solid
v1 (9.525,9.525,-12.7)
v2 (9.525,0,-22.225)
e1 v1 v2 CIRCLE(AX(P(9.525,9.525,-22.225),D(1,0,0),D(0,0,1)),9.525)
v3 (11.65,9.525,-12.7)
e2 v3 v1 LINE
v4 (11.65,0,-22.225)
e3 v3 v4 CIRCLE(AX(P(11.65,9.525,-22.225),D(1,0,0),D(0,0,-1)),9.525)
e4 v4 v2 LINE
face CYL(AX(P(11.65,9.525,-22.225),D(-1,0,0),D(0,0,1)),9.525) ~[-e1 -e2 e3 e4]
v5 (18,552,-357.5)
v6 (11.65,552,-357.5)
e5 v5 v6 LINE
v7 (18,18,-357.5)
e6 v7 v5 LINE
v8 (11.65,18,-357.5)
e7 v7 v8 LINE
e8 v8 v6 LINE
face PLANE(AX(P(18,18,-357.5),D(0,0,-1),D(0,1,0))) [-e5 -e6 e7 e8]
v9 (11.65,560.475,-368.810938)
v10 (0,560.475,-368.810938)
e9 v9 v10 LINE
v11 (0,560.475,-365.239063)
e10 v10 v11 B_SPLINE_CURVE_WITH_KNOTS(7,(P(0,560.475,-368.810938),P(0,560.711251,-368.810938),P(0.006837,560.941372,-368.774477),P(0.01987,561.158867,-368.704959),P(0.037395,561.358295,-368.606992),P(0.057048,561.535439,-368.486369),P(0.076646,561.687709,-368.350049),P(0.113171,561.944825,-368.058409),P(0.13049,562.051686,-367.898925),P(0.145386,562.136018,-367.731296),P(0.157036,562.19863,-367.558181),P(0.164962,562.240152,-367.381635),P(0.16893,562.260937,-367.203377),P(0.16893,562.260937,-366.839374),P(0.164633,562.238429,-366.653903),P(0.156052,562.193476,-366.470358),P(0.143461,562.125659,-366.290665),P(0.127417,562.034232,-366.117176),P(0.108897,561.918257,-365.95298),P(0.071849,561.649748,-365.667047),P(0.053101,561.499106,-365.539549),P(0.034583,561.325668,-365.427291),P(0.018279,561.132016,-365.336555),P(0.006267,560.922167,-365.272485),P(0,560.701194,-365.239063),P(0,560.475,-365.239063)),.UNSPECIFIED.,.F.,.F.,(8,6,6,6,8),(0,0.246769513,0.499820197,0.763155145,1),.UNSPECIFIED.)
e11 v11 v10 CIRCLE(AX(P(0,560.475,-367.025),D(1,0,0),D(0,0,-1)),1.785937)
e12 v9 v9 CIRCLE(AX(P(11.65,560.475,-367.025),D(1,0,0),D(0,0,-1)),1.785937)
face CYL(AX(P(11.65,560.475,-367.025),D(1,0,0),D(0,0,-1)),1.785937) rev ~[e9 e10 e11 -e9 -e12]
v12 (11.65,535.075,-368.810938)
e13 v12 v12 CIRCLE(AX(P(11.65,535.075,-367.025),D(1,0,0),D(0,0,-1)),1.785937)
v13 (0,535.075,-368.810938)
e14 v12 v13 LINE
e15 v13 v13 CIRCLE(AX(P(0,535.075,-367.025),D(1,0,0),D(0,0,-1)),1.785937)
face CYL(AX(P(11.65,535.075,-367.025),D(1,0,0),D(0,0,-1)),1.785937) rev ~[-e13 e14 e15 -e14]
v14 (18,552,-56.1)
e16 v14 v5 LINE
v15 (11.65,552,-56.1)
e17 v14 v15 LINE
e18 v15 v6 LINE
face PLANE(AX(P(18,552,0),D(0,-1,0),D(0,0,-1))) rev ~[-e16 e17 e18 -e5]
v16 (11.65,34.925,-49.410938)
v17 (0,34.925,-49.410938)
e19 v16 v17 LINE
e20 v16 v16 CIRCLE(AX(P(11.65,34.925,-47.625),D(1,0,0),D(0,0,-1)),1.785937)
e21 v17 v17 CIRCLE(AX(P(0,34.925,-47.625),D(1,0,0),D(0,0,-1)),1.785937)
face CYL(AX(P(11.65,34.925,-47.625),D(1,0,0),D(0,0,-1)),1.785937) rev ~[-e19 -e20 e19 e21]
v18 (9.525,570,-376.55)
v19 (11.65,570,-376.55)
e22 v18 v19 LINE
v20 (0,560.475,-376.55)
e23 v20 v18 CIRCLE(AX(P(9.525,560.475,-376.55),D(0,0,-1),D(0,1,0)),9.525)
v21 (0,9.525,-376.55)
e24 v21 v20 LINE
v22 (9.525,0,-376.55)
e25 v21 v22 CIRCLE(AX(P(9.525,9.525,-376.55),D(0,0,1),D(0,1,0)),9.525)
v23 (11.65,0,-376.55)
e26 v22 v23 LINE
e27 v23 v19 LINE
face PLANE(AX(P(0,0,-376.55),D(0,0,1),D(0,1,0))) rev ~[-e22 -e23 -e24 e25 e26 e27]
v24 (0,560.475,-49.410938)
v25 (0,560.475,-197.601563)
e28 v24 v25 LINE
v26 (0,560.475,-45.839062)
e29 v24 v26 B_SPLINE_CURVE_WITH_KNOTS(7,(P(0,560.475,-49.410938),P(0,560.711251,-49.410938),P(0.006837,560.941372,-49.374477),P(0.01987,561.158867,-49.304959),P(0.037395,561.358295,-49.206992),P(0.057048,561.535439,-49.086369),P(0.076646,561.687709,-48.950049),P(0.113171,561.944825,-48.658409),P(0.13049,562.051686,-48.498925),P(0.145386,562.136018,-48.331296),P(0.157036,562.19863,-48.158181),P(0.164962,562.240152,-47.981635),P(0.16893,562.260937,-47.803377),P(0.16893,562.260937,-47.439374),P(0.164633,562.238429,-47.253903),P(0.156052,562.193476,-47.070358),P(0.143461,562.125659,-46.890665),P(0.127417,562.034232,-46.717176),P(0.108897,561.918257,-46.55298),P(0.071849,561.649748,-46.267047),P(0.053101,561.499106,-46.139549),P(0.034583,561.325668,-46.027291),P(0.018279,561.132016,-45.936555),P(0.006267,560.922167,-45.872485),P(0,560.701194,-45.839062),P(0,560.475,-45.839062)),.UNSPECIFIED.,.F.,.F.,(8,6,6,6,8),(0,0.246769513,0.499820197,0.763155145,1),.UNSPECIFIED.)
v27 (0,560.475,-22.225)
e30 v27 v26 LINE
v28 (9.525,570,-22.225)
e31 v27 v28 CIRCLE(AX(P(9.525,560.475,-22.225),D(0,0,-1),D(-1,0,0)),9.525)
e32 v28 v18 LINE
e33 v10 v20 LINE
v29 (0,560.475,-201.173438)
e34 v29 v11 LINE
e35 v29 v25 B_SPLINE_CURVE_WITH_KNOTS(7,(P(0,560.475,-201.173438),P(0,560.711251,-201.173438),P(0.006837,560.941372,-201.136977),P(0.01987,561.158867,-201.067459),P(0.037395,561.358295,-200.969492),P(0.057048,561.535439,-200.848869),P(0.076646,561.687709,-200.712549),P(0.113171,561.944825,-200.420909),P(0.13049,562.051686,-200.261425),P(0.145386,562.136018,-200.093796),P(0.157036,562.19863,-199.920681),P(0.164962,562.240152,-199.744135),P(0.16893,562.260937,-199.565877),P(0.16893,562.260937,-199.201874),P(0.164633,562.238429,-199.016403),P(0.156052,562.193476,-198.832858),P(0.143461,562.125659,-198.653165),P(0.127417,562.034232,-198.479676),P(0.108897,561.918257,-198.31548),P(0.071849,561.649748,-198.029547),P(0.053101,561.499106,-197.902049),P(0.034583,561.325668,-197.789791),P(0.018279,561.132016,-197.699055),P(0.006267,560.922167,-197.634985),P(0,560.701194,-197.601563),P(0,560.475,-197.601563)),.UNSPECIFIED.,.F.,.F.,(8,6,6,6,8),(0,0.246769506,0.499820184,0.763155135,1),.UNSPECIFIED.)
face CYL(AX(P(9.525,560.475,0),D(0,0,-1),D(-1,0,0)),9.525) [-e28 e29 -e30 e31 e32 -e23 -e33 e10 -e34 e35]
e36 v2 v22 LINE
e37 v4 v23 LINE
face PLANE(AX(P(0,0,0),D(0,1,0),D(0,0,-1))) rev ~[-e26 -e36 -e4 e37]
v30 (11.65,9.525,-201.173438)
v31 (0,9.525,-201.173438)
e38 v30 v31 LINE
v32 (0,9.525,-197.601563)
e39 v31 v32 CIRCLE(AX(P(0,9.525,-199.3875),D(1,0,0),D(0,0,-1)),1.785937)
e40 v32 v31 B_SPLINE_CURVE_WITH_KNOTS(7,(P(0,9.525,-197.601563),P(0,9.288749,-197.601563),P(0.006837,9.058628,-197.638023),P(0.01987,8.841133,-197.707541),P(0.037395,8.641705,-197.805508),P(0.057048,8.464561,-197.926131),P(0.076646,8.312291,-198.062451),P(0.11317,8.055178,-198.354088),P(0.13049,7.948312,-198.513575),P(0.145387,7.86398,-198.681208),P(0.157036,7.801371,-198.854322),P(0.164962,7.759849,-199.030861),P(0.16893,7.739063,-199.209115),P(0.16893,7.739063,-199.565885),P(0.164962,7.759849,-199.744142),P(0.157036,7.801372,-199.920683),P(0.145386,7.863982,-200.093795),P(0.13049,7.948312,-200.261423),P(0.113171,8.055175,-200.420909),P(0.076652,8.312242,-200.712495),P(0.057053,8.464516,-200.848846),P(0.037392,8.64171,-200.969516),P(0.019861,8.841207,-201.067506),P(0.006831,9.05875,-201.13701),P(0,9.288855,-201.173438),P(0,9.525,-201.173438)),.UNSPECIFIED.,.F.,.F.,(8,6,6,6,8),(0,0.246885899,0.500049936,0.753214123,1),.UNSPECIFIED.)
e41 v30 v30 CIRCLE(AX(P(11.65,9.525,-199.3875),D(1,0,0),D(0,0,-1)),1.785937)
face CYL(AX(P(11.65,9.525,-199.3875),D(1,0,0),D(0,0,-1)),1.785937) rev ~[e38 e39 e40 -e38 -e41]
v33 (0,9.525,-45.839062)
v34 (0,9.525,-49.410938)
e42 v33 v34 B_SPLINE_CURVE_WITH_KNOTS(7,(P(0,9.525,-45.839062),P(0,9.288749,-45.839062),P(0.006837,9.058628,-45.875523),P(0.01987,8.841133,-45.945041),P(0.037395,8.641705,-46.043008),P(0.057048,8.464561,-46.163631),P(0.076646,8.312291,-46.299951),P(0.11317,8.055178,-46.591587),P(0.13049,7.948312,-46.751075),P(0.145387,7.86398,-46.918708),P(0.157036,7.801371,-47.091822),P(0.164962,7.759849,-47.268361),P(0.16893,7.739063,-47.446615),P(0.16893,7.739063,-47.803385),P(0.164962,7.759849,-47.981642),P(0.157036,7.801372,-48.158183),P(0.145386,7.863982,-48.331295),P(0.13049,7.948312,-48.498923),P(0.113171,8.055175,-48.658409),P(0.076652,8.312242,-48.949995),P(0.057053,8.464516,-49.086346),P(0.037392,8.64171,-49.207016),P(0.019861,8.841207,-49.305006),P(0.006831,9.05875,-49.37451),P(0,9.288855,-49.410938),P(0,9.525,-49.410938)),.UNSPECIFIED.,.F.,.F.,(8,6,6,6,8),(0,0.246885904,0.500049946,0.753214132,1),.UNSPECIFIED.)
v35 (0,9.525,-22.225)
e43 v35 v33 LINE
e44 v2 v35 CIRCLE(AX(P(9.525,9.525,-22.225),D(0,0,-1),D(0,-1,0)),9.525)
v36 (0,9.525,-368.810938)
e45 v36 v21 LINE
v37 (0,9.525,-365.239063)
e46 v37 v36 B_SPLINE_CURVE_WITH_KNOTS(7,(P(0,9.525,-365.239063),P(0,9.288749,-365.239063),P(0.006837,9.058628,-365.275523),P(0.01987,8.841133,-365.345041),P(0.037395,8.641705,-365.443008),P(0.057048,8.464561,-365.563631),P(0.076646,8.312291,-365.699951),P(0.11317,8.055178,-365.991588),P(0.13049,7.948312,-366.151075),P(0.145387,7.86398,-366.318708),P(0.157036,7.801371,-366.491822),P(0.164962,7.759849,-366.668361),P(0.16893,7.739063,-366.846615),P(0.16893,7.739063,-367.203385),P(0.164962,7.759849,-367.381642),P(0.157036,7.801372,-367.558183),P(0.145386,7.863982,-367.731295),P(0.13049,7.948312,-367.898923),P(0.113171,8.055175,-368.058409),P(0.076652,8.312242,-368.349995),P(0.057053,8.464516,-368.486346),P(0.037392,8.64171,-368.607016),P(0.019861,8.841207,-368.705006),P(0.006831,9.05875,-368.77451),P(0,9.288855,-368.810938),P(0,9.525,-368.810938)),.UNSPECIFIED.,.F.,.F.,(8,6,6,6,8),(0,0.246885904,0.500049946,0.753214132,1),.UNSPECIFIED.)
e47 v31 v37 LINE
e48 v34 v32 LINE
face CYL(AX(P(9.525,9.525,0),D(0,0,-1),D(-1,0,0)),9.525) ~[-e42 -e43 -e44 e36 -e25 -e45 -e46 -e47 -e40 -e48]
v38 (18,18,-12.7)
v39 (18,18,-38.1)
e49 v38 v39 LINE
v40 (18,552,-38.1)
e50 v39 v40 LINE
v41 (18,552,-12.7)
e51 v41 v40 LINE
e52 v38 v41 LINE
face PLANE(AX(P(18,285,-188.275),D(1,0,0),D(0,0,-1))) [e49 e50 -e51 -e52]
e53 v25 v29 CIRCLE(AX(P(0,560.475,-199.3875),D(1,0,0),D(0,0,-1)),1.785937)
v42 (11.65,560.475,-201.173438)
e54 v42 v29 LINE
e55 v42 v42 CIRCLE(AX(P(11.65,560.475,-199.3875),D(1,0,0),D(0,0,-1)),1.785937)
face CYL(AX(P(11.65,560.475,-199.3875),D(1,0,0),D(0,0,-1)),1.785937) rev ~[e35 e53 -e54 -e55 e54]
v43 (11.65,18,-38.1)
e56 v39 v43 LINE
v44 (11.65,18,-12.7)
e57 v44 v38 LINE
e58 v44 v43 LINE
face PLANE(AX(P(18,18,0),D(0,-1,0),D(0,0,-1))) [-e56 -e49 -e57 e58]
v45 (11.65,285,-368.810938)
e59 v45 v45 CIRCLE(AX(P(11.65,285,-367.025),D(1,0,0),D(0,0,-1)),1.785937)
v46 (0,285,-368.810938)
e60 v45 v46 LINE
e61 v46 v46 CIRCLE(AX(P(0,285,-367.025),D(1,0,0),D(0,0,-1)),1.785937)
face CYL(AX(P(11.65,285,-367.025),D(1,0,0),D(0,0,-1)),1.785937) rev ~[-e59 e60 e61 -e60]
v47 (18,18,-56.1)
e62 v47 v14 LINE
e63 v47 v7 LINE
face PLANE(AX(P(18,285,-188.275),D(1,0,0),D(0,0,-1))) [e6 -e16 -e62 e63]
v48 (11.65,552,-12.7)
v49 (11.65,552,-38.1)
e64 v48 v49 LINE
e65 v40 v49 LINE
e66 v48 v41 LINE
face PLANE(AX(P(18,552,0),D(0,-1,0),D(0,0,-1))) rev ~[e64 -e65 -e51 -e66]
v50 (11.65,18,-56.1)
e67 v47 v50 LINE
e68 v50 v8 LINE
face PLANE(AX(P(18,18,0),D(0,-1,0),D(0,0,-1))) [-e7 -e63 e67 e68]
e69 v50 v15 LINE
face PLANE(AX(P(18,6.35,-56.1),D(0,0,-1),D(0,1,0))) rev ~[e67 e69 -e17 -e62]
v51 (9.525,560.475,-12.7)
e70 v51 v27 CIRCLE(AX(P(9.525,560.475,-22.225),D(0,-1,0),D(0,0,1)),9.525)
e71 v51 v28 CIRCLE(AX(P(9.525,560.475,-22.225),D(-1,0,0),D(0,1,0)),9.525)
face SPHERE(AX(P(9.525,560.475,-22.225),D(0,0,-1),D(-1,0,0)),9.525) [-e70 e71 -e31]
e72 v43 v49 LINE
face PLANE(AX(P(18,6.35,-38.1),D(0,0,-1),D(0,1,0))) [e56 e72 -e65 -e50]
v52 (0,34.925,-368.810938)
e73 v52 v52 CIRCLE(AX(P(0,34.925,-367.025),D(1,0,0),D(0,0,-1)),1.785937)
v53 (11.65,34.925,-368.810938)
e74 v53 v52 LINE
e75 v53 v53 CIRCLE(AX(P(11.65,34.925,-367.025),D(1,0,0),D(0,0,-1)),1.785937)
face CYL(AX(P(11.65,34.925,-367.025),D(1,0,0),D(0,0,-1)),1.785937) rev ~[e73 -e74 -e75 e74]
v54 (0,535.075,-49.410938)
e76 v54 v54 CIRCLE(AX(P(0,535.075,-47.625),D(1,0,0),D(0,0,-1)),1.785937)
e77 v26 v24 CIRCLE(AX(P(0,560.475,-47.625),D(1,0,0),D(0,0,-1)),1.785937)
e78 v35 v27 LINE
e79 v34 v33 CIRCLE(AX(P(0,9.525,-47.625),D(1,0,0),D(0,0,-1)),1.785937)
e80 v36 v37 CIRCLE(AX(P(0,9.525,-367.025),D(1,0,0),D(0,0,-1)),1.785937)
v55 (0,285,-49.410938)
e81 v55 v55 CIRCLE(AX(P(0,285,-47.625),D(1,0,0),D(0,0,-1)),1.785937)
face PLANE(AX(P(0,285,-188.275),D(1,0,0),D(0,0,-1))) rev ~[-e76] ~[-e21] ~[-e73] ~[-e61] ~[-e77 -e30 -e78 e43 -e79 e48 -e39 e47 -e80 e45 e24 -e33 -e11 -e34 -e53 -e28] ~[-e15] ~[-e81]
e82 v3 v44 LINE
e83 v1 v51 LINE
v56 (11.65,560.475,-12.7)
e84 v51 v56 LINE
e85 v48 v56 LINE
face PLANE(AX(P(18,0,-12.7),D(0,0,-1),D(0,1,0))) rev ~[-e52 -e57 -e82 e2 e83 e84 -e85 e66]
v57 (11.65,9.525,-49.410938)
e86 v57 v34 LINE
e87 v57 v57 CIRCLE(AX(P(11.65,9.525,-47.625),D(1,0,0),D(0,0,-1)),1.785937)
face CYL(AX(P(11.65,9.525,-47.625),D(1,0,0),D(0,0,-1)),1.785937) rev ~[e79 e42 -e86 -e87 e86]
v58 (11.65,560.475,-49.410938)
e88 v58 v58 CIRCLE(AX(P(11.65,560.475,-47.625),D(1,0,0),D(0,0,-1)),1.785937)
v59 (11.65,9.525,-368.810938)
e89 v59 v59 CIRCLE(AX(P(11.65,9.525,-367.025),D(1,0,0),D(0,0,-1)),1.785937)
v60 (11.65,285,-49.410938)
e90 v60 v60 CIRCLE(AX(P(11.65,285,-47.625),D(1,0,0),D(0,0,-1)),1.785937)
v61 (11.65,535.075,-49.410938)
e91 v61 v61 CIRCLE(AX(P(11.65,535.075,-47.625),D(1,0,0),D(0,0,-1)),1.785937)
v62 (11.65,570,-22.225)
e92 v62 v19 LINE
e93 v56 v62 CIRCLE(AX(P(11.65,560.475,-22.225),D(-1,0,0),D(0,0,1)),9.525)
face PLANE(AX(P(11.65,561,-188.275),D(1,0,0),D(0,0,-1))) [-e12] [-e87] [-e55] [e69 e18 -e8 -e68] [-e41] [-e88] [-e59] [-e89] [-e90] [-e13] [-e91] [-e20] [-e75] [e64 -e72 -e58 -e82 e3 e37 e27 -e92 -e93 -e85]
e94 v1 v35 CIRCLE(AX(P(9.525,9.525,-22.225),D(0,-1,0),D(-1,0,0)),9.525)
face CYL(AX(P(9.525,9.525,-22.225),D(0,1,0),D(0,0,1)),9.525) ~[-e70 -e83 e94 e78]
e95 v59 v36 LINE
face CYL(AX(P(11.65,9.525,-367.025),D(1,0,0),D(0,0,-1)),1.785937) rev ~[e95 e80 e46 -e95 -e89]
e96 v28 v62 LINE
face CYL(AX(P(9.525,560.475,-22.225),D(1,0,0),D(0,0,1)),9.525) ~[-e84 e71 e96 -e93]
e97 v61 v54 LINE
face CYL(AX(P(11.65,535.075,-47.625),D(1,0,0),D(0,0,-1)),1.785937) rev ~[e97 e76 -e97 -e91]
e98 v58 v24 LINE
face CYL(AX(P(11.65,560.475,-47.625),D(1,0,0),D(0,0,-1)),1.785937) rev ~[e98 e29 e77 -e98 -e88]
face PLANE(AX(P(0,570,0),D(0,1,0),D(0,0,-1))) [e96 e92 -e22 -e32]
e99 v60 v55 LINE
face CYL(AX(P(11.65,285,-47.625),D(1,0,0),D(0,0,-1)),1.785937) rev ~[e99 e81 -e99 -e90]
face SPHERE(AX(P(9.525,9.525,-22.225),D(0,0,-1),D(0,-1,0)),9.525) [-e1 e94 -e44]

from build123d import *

# Parameters (mm, degrees)
SKETCH1_W           = 376.55000001
SKETCH1_H           = 570
BOSS_EXTRUDE1_DEPTH = 18
SKETCH5_W           = 18
SKETCH5_H           = 557.3
CUT_EXTRUDE3_DEPTH  = 6.35
SKETCH7_W           = 376.55000001
SKETCH7_H           = 18
CUT_EXTRUDE4_DEPTH  = 6.35
FILLET1_R           = 9.525
SKETCH9_W           = 19.05
SKETCH9_H           = 534
CUT_EXTRUDE6_DEPTH  = 6.35
SKETCH10_W          = 12.7
SKETCH10_H          = 570
CUT_EXTRUDE7_DEPTH  = 19
FILLET2_R           = 9.525
SKETCH11_R          = 1.7859375
CUT_EXTRUDE8_DEPTH  = 12.65


with BuildPart() as part:
    # Sketch1 → Boss-Extrude1 (new body)
    with BuildSketch(Plane(origin=(0, 0, 0), x_dir=(0, 0, -1), z_dir=(1, 0, 0))):
        with Locations((188.275000005, 285)):
            Rectangle(SKETCH1_W, SKETCH1_H)
    extrude(amount=BOSS_EXTRUDE1_DEPTH)

    # Sketch5 → Cut-Extrude3 (cut)
    with BuildSketch(Plane(origin=(18, 0, 0), x_dir=(0, 0, -1), z_dir=(1, 0, 0))):
        with Locations((47.1, 285)):
            Rectangle(SKETCH5_W, SKETCH5_H)
    extrude(amount=-CUT_EXTRUDE3_DEPTH, mode=Mode.SUBTRACT)

    # Sketch7 → Cut-Extrude4 (cut)
    with BuildSketch(Plane(origin=(18, 0, 0), x_dir=(0, 0, -1), z_dir=(1, 0, 0))):
        with Locations((188.275000005, 9)):
            Rectangle(SKETCH7_W, SKETCH7_H)
        with Locations((188.275000005, 561)):
            Rectangle(SKETCH7_W, SKETCH7_H)
    extrude(amount=-CUT_EXTRUDE4_DEPTH, mode=Mode.SUBTRACT)

    # Fillet1
    fillet1_edges = [part.edges().sort_by_distance(p)[0] for p in [
        (5.825, 0, 0),
        (0, 570, -188.275000005),
        (0, 0, -188.275000005),
        (5.825, 570, 0),
        (0, 285, 0),
    ]]
    fillet(fillet1_edges, radius=FILLET1_R)

    # Sketch9 → Cut-Extrude6 (cut)
    with BuildSketch(Plane(origin=(18, 0, 0), x_dir=(0, 0, -1), z_dir=(1, 0, 0))):
        with Locations((367.02500001, 285)):
            Rectangle(SKETCH9_W, SKETCH9_H)
    extrude(amount=-CUT_EXTRUDE6_DEPTH, mode=Mode.SUBTRACT)

    # Sketch10 → Cut-Extrude7 (cut, through all)
    with BuildSketch(Plane(origin=(18, 0, 0), x_dir=(0, 0, -1), z_dir=(1, 0, 0))):
        with Locations((6.35, 285)):
            Rectangle(SKETCH10_W, SKETCH10_H)
    extrude(amount=-CUT_EXTRUDE7_DEPTH, mode=Mode.SUBTRACT)

    # Fillet2
    fillet2_edges = [part.edges().sort_by_distance(p)[0] for p in [
        (2.789807909, 2.789807909, -12.7),
        (0, 285, -12.7),
        (10.5875, 570, -12.7),
        (2.789807909, 567.210192091, -12.7),
        (10.5875, 0, -12.7),
    ]]
    fillet(fillet2_edges, radius=FILLET2_R)

    # Sketch11 → Cut-Extrude8 (cut, through all)
    with BuildSketch(Plane(origin=(11.65, 0, 0), x_dir=(0, 0, -1), z_dir=(1, 0, 0))):
        with Locations((47.625, 285)):
            Circle(SKETCH11_R)
        with Locations((47.625, 560.475)):
            Circle(SKETCH11_R)
        with Locations((199.387500005, 560.475)):
            Circle(SKETCH11_R)
        with Locations((367.02500001, 560.475)):
            Circle(SKETCH11_R)
        with Locations((367.02500001, 285)):
            Circle(SKETCH11_R)
        with Locations((367.02500001, 9.525)):
            Circle(SKETCH11_R)
        with Locations((199.387500005, 9.525)):
            Circle(SKETCH11_R)
        with Locations((47.625, 9.525)):
            Circle(SKETCH11_R)
        with Locations((47.625, 34.925)):
            Circle(SKETCH11_R)
        with Locations((367.02500001, 34.925)):
            Circle(SKETCH11_R)
        with Locations((47.625, 535.075)):
            Circle(SKETCH11_R)
        with Locations((367.02500001, 535.075)):
            Circle(SKETCH11_R)
    extrude(amount=-CUT_EXTRUDE8_DEPTH, mode=Mode.SUBTRACT)


solid = part.part
